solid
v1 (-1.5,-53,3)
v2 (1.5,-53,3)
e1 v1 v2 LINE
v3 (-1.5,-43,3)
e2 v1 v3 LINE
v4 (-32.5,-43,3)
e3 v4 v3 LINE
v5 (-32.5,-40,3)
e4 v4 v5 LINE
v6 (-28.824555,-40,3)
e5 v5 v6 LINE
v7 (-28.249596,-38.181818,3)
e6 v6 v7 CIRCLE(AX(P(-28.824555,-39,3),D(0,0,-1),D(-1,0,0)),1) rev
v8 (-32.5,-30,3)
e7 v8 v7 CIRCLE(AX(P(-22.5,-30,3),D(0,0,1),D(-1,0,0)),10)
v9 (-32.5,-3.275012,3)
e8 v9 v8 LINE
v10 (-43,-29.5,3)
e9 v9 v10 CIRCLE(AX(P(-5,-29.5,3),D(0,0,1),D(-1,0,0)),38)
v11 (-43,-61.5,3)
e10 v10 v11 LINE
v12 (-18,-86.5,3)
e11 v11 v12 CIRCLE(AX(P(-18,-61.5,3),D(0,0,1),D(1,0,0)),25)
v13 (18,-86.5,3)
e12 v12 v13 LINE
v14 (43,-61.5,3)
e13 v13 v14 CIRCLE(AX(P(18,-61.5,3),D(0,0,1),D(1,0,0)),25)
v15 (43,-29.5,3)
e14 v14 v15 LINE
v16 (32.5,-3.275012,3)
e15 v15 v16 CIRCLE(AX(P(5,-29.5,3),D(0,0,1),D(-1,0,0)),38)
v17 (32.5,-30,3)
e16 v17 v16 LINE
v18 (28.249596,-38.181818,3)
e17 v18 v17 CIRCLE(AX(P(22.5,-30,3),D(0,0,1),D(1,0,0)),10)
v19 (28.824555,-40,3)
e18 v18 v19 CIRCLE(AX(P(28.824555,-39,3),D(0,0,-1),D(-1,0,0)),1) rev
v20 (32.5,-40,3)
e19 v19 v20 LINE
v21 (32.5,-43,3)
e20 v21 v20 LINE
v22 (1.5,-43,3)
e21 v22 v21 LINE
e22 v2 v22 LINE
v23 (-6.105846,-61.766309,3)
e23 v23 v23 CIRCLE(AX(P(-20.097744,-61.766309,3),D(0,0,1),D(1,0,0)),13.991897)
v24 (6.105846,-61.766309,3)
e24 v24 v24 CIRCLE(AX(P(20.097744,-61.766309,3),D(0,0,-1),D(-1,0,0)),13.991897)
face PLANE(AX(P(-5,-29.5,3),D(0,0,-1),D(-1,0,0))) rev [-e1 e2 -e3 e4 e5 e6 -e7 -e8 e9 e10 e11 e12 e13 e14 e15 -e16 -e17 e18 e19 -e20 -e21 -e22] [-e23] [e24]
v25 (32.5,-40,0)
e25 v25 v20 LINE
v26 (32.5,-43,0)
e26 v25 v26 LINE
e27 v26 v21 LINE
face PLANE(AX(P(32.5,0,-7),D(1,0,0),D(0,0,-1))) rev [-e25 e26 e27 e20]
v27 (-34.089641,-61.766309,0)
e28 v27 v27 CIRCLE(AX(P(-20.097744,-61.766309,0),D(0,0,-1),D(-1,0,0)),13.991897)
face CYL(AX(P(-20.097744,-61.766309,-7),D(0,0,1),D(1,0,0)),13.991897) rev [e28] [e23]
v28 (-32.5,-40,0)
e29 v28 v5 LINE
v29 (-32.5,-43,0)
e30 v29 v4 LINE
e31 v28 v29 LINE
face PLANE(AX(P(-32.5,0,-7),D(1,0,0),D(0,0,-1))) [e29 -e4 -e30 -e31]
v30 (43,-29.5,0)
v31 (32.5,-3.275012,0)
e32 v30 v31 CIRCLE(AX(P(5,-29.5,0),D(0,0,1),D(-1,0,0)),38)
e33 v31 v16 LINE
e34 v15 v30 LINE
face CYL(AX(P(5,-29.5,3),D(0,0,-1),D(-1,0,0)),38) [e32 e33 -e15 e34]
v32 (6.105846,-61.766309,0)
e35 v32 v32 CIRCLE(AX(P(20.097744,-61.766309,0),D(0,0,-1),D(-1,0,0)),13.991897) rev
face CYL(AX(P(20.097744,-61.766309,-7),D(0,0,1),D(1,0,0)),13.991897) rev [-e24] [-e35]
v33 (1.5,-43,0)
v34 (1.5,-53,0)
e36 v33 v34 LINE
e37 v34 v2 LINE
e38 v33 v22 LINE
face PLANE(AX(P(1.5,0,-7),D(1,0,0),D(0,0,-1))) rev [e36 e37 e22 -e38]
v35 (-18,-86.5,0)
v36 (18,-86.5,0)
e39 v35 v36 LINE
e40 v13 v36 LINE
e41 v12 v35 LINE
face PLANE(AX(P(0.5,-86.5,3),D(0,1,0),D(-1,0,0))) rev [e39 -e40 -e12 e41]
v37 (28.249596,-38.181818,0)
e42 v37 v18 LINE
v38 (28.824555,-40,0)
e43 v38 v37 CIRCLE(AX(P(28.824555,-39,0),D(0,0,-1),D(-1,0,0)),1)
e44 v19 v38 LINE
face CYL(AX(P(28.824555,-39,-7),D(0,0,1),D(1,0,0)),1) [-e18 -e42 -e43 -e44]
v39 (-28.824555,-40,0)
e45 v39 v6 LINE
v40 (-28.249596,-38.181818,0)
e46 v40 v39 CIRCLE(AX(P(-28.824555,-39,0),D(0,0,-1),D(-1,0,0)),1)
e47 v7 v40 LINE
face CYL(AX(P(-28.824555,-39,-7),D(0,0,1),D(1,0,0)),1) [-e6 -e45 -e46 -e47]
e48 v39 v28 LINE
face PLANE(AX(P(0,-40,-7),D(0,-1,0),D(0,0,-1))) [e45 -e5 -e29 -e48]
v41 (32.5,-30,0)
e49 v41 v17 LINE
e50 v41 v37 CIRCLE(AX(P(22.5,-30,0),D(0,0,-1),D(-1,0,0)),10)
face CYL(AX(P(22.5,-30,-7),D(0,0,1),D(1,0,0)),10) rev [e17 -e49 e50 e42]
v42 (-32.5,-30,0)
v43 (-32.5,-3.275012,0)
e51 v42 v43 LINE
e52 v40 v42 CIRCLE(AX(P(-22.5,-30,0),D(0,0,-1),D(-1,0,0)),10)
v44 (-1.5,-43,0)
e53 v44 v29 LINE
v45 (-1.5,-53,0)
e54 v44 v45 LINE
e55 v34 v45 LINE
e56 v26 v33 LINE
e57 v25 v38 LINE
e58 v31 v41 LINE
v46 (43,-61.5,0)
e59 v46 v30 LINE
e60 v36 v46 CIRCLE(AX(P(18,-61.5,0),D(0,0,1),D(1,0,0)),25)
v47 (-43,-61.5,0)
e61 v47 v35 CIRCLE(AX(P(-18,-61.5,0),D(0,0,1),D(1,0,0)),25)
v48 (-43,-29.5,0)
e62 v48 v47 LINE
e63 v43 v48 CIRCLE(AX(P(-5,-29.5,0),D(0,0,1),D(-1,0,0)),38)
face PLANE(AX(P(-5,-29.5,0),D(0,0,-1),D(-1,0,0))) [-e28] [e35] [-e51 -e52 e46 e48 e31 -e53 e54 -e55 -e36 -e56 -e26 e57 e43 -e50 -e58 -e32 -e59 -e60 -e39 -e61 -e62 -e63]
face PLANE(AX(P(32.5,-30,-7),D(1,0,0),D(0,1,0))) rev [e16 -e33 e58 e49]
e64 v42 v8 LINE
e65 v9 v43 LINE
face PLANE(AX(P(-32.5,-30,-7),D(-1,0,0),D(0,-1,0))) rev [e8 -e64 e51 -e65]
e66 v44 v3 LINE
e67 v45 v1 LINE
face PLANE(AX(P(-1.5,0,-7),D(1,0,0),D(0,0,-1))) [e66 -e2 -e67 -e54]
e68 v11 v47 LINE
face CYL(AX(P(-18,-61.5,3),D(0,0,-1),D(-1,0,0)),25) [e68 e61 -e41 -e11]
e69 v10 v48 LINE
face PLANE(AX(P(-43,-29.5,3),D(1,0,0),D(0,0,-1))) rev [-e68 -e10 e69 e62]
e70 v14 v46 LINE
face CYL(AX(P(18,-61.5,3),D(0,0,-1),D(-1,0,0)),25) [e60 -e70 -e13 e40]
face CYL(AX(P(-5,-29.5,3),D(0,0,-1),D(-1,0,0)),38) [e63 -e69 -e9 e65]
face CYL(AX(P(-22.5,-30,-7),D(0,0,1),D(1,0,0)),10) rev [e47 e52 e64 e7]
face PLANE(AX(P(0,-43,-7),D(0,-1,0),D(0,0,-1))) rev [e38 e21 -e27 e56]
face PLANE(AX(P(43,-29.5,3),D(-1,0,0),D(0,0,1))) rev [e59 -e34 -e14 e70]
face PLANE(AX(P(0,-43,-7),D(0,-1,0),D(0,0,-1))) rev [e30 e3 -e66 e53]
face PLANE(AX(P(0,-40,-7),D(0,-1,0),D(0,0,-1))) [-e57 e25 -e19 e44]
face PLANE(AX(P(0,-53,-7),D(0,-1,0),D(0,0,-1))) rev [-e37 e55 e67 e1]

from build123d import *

# Parameters (mm, degrees)
BOSS_EXTRUDE1_DEPTH = 3
CUT_EXTRUDE1_DEPTH  = 10
SKETCH3_W           = 3
SKETCH3_H           = 10
CUT_EXTRUDE2_DEPTH  = 10
SKETCH4_R           = 13.991897225
CUT_EXTRUDE3_DEPTH  = 10
FILLET1_R           = 1


with BuildPart() as part:
    # Sketch1 → Boss-Extrude1 (new body)
    with BuildSketch(Plane.XY):
        with BuildLine():
            Line((-5, 8.5), (5, 8.5))
            ThreePointArc((5, 8.5), (31.870057685, -2.629942315), (43, -29.5))
            Line((43, -29.5), (43, -61.5))
            ThreePointArc((43, -61.5), (35.67766953, -79.17766953), (18, -86.5))
            Line((18, -86.5), (0.5, -86.5))
            Line((0.5, -86.5), (-0.5, -86.5))
            Line((-0.5, -86.5), (-18, -86.5))
            ThreePointArc((-18, -86.5), (-35.67766953, -79.17766953), (-43, -61.5))
            Line((-43, -61.5), (-43, -29.5))
            ThreePointArc((-43, -29.5), (-31.870057685, -2.629942315), (-5, 8.5))
        make_face()
    extrude(amount=BOSS_EXTRUDE1_DEPTH)

    # Sketch2 → Cut-Extrude1 (cut)
    with BuildSketch(Plane.XY.offset(3)):
        with BuildLine():
            Line((-22.5, -40), (22.5, -40))
            ThreePointArc((22.5, -40), (29.571067812, -37.071067812), (32.5, -30))
            Line((32.5, -30), (32.5, 20))
            ThreePointArc((32.5, 20), (29.571067812, 27.071067812), (22.5, 30))
            Line((22.5, 30), (-22.5, 30))
            ThreePointArc((-22.5, 30), (-29.571067812, 27.071067812), (-32.5, 20))
            Line((-32.5, 20), (-32.5, -30))
            ThreePointArc((-32.5, -30), (-29.571067812, -37.071067812), (-22.5, -40))
        make_face()
    extrude(amount=-CUT_EXTRUDE1_DEPTH, mode=Mode.SUBTRACT)

    # Sketch3 → Cut-Extrude2 (cut)
    with BuildSketch(Plane.XY.offset(3)):
        Polygon((-32.5, -40), (-32.5, -43), (-1.5, -43), (1.5, -43), (32.5, -43), (32.5, -40), (22.5, -40), (-22.5, -40), align=None)
        with Locations((0, -48)):
            Rectangle(SKETCH3_W, SKETCH3_H)
    extrude(amount=-CUT_EXTRUDE2_DEPTH, mode=Mode.SUBTRACT)

    # Sketch4 → Cut-Extrude3 (cut)
    with BuildSketch(Plane.XY.offset(3)):
        with Locations((-20.09774362, -61.766309122)):
            Circle(SKETCH4_R)
        with Locations((20.09774362, -61.766309122)):
            Circle(SKETCH4_R)
    extrude(amount=-CUT_EXTRUDE3_DEPTH, mode=Mode.SUBTRACT)

    # Fillet1
    fillet1_edges = [part.edges().sort_by_distance(p)[0] for p in [
        (22.5, -40, 1.5),
        (-22.5, -40, 1.5),
    ]]
    fillet(fillet1_edges, radius=FILLET1_R)


solid = part.part
